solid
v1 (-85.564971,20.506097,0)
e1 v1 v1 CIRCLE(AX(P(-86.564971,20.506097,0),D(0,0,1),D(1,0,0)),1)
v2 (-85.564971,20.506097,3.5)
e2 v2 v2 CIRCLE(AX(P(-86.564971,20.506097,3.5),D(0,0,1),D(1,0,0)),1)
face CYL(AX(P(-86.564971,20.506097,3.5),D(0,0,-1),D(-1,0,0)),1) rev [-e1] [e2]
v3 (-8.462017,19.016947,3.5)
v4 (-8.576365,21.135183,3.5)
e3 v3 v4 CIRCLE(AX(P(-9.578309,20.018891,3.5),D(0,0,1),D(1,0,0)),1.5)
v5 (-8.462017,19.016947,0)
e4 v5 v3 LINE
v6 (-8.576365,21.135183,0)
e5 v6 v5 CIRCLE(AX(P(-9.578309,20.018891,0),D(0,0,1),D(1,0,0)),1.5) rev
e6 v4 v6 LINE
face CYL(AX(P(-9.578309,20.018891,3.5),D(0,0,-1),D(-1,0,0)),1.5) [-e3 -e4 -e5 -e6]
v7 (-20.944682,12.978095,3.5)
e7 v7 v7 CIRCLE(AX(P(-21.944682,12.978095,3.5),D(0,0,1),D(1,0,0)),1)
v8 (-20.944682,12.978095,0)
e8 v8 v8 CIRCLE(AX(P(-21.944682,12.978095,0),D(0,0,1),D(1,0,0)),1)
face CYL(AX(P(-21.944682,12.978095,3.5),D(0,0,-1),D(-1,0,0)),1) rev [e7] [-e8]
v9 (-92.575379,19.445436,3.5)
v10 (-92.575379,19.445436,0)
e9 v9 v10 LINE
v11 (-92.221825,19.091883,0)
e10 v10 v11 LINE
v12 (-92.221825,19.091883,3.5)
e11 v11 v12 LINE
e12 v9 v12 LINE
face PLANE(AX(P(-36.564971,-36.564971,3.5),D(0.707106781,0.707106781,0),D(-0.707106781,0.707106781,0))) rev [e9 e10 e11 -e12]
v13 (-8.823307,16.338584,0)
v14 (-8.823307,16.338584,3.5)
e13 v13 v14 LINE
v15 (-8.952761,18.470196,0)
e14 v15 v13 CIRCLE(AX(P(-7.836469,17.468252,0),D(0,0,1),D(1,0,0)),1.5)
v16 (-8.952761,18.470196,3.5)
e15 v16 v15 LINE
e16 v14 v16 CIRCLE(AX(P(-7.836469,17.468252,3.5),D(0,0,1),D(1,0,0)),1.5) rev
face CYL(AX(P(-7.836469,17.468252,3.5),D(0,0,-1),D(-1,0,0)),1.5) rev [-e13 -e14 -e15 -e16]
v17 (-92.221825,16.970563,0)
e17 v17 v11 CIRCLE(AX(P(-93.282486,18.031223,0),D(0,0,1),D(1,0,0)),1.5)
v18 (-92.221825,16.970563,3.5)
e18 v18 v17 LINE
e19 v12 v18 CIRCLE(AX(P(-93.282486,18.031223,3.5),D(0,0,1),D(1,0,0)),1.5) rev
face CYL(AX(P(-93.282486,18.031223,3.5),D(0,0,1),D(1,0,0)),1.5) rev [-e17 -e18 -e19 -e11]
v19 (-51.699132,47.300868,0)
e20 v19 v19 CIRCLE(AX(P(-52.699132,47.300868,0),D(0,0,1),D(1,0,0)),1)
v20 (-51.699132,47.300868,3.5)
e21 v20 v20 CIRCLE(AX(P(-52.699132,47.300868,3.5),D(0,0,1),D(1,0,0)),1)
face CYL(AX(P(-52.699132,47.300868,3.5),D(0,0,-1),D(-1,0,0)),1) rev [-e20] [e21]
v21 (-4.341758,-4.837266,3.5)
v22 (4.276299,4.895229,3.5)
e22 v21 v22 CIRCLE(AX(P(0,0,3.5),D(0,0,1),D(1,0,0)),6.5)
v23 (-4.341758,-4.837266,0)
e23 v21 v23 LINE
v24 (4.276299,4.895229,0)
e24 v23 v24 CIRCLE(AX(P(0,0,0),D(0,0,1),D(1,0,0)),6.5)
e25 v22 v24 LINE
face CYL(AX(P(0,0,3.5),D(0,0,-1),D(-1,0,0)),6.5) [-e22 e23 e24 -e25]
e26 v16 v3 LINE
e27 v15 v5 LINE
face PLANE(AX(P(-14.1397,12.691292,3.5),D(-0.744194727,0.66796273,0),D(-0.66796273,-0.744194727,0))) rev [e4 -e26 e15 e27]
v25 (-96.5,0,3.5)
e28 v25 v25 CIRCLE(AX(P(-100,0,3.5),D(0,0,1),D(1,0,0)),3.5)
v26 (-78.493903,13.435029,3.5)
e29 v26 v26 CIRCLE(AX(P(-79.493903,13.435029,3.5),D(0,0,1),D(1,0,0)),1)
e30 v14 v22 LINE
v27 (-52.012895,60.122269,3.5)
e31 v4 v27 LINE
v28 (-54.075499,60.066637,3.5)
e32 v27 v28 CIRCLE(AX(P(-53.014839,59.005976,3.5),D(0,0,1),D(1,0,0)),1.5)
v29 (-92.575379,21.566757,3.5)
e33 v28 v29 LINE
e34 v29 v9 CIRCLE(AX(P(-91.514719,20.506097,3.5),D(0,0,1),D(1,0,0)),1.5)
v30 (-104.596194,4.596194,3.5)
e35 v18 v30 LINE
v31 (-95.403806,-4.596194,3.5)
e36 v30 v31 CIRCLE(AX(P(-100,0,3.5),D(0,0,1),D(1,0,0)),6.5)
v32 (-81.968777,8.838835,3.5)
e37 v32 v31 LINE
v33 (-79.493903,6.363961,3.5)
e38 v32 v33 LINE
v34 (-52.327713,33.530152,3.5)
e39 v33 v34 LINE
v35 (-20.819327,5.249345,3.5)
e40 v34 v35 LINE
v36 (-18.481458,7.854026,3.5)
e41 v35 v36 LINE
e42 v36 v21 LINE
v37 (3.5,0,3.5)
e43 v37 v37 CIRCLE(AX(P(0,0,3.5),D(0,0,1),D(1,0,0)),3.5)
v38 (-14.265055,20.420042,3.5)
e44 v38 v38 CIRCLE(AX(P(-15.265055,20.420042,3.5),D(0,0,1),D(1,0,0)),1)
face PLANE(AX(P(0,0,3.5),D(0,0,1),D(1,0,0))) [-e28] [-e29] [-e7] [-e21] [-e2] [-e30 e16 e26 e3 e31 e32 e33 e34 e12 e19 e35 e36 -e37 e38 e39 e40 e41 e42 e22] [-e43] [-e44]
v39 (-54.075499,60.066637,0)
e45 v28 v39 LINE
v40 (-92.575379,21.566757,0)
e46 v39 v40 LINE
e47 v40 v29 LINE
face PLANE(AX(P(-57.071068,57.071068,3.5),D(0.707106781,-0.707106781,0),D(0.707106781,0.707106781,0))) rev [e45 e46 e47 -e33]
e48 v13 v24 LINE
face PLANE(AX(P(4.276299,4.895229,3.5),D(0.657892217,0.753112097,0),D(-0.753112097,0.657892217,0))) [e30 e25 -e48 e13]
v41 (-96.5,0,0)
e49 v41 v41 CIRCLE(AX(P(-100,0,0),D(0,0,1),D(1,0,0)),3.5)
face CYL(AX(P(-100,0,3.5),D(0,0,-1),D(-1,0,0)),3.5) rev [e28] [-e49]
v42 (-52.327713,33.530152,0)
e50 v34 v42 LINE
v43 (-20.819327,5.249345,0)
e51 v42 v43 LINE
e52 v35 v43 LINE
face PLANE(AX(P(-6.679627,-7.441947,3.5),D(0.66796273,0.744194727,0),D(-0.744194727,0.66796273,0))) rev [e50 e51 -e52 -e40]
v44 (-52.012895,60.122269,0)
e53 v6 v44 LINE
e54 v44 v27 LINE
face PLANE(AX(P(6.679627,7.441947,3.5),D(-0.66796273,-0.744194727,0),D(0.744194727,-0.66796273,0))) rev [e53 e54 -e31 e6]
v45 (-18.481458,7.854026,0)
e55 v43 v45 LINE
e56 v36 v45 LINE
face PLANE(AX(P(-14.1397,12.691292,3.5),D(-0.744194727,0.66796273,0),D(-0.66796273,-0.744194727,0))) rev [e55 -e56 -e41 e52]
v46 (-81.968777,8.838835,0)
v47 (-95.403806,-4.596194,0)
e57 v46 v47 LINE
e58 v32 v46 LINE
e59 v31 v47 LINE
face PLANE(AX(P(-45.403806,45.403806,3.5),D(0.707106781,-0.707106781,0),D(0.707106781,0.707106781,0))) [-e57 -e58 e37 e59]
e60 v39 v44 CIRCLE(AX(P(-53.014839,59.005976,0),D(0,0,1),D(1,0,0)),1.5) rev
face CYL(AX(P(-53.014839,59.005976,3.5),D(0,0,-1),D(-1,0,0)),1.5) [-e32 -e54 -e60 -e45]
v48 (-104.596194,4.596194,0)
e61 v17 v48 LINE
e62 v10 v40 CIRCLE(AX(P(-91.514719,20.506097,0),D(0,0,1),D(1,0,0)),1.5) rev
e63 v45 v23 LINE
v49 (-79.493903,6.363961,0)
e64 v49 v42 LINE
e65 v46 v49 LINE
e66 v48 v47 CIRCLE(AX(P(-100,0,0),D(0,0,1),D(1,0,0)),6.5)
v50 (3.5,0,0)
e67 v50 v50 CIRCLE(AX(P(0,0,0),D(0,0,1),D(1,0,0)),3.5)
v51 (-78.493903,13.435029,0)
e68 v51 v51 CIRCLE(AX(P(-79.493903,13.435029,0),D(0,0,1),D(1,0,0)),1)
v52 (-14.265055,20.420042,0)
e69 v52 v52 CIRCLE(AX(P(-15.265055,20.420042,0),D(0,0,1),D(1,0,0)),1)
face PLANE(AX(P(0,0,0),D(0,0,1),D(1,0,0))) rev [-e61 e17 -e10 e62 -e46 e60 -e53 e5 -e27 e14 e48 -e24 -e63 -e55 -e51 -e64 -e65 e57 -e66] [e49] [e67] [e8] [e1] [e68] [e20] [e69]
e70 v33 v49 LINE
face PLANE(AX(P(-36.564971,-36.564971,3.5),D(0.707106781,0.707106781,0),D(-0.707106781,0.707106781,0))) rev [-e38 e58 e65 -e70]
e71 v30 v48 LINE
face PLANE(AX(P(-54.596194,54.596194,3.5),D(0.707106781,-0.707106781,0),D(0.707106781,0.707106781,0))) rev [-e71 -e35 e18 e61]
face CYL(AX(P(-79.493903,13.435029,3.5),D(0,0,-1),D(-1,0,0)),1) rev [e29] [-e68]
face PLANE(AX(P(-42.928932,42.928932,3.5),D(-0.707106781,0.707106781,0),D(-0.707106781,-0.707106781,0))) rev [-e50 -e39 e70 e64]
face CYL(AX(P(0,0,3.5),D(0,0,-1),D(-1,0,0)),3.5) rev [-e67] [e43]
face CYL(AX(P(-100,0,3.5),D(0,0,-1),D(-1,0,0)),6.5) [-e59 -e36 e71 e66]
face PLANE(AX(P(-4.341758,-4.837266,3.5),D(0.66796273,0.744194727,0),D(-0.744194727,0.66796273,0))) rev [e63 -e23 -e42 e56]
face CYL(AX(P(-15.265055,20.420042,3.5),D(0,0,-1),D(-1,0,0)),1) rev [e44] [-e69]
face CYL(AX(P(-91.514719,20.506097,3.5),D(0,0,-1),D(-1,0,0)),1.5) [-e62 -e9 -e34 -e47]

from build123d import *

# Parameters (mm, degrees)
SKETCH6_R           = 1
SKETCH6_R_2         = 3.5
BOSS_EXTRUDE2_DEPTH = 3.5
FILLET1_R           = 1.5


with BuildPart() as part:
    # Sketch6 → Boss-Extrude2 (new body)
    with BuildSketch(Plane.XY):
        with BuildLine():
            Line((-18.481457554, 7.854026145), (-4.341757745, -4.837265724))
            ThreePointArc((-4.341757745, -4.837265724), (4.866357239, -4.309126039), (4.276299413, 4.895228629))
            Line((4.276299413, 4.895228629), (-9.968273897, 17.338786449))
            Line((-9.968273897, 17.338786449), (-7.460072509, 20.133239137))
            Line((-7.460072509, 20.133239137), (-53.070551784, 61.07158384))
            Line((-53.070551784, 61.07158384), (-93.636038969, 20.506096654))
            Line((-93.636038969, 20.506096654), (-91.161165235, 18.03122292))
            Line((-91.161165235, 18.03122292), (-104.596194078, 4.596194078))
            ThreePointArc((-104.596194078, 4.596194078), (-104.596194078, -4.596194078), (-95.403805922, -4.596194078))
            Line((-95.403805922, -4.596194078), (-81.96877708, 8.838834765))
            Line((-81.96877708, 8.838834765), (-79.493903346, 6.363961031))
            Line((-79.493903346, 6.363961031), (-52.327712868, 33.530151508))
            Line((-52.327712868, 33.530151508), (-20.819327109, 5.249344602))
            Line((-20.819327109, 5.249344602), (-18.481457554, 7.854026145))
        make_face()
        with Locations((-52.699132326, 47.300867674)):
            Circle(SKETCH6_R, mode=Mode.SUBTRACT)
        Circle(SKETCH6_R_2, mode=Mode.SUBTRACT)
        with Locations((-100, 0)):
            Circle(SKETCH6_R_2, mode=Mode.SUBTRACT)
        with Locations((-86.564971157, 20.506096654)):
            Circle(SKETCH6_R, mode=Mode.SUBTRACT)
        with Locations((-15.26505452, 20.420041883)):
            Circle(SKETCH6_R, mode=Mode.SUBTRACT)
        with Locations((-21.944681819, 12.978094615)):
            Circle(SKETCH6_R, mode=Mode.SUBTRACT)
        with Locations((-79.493903346, 13.435028843)):
            Circle(SKETCH6_R, mode=Mode.SUBTRACT)
    extrude(amount=BOSS_EXTRUDE2_DEPTH)

    # Fillet1
    fillet1_edges = [part.edges().sort_by_distance(p)[0] for p in [
        (-91.161165235, 18.03122292, 1.75),
        (-93.636038969, 20.506096654, 1.75),
        (-53.070551784, 61.07158384, 1.75),
        (-7.460072509, 20.133239137, 1.75),
        (-9.968273897, 17.338786449, 1.75),
    ]]
    fillet(fillet1_edges, radius=FILLET1_R)


solid = part.part
